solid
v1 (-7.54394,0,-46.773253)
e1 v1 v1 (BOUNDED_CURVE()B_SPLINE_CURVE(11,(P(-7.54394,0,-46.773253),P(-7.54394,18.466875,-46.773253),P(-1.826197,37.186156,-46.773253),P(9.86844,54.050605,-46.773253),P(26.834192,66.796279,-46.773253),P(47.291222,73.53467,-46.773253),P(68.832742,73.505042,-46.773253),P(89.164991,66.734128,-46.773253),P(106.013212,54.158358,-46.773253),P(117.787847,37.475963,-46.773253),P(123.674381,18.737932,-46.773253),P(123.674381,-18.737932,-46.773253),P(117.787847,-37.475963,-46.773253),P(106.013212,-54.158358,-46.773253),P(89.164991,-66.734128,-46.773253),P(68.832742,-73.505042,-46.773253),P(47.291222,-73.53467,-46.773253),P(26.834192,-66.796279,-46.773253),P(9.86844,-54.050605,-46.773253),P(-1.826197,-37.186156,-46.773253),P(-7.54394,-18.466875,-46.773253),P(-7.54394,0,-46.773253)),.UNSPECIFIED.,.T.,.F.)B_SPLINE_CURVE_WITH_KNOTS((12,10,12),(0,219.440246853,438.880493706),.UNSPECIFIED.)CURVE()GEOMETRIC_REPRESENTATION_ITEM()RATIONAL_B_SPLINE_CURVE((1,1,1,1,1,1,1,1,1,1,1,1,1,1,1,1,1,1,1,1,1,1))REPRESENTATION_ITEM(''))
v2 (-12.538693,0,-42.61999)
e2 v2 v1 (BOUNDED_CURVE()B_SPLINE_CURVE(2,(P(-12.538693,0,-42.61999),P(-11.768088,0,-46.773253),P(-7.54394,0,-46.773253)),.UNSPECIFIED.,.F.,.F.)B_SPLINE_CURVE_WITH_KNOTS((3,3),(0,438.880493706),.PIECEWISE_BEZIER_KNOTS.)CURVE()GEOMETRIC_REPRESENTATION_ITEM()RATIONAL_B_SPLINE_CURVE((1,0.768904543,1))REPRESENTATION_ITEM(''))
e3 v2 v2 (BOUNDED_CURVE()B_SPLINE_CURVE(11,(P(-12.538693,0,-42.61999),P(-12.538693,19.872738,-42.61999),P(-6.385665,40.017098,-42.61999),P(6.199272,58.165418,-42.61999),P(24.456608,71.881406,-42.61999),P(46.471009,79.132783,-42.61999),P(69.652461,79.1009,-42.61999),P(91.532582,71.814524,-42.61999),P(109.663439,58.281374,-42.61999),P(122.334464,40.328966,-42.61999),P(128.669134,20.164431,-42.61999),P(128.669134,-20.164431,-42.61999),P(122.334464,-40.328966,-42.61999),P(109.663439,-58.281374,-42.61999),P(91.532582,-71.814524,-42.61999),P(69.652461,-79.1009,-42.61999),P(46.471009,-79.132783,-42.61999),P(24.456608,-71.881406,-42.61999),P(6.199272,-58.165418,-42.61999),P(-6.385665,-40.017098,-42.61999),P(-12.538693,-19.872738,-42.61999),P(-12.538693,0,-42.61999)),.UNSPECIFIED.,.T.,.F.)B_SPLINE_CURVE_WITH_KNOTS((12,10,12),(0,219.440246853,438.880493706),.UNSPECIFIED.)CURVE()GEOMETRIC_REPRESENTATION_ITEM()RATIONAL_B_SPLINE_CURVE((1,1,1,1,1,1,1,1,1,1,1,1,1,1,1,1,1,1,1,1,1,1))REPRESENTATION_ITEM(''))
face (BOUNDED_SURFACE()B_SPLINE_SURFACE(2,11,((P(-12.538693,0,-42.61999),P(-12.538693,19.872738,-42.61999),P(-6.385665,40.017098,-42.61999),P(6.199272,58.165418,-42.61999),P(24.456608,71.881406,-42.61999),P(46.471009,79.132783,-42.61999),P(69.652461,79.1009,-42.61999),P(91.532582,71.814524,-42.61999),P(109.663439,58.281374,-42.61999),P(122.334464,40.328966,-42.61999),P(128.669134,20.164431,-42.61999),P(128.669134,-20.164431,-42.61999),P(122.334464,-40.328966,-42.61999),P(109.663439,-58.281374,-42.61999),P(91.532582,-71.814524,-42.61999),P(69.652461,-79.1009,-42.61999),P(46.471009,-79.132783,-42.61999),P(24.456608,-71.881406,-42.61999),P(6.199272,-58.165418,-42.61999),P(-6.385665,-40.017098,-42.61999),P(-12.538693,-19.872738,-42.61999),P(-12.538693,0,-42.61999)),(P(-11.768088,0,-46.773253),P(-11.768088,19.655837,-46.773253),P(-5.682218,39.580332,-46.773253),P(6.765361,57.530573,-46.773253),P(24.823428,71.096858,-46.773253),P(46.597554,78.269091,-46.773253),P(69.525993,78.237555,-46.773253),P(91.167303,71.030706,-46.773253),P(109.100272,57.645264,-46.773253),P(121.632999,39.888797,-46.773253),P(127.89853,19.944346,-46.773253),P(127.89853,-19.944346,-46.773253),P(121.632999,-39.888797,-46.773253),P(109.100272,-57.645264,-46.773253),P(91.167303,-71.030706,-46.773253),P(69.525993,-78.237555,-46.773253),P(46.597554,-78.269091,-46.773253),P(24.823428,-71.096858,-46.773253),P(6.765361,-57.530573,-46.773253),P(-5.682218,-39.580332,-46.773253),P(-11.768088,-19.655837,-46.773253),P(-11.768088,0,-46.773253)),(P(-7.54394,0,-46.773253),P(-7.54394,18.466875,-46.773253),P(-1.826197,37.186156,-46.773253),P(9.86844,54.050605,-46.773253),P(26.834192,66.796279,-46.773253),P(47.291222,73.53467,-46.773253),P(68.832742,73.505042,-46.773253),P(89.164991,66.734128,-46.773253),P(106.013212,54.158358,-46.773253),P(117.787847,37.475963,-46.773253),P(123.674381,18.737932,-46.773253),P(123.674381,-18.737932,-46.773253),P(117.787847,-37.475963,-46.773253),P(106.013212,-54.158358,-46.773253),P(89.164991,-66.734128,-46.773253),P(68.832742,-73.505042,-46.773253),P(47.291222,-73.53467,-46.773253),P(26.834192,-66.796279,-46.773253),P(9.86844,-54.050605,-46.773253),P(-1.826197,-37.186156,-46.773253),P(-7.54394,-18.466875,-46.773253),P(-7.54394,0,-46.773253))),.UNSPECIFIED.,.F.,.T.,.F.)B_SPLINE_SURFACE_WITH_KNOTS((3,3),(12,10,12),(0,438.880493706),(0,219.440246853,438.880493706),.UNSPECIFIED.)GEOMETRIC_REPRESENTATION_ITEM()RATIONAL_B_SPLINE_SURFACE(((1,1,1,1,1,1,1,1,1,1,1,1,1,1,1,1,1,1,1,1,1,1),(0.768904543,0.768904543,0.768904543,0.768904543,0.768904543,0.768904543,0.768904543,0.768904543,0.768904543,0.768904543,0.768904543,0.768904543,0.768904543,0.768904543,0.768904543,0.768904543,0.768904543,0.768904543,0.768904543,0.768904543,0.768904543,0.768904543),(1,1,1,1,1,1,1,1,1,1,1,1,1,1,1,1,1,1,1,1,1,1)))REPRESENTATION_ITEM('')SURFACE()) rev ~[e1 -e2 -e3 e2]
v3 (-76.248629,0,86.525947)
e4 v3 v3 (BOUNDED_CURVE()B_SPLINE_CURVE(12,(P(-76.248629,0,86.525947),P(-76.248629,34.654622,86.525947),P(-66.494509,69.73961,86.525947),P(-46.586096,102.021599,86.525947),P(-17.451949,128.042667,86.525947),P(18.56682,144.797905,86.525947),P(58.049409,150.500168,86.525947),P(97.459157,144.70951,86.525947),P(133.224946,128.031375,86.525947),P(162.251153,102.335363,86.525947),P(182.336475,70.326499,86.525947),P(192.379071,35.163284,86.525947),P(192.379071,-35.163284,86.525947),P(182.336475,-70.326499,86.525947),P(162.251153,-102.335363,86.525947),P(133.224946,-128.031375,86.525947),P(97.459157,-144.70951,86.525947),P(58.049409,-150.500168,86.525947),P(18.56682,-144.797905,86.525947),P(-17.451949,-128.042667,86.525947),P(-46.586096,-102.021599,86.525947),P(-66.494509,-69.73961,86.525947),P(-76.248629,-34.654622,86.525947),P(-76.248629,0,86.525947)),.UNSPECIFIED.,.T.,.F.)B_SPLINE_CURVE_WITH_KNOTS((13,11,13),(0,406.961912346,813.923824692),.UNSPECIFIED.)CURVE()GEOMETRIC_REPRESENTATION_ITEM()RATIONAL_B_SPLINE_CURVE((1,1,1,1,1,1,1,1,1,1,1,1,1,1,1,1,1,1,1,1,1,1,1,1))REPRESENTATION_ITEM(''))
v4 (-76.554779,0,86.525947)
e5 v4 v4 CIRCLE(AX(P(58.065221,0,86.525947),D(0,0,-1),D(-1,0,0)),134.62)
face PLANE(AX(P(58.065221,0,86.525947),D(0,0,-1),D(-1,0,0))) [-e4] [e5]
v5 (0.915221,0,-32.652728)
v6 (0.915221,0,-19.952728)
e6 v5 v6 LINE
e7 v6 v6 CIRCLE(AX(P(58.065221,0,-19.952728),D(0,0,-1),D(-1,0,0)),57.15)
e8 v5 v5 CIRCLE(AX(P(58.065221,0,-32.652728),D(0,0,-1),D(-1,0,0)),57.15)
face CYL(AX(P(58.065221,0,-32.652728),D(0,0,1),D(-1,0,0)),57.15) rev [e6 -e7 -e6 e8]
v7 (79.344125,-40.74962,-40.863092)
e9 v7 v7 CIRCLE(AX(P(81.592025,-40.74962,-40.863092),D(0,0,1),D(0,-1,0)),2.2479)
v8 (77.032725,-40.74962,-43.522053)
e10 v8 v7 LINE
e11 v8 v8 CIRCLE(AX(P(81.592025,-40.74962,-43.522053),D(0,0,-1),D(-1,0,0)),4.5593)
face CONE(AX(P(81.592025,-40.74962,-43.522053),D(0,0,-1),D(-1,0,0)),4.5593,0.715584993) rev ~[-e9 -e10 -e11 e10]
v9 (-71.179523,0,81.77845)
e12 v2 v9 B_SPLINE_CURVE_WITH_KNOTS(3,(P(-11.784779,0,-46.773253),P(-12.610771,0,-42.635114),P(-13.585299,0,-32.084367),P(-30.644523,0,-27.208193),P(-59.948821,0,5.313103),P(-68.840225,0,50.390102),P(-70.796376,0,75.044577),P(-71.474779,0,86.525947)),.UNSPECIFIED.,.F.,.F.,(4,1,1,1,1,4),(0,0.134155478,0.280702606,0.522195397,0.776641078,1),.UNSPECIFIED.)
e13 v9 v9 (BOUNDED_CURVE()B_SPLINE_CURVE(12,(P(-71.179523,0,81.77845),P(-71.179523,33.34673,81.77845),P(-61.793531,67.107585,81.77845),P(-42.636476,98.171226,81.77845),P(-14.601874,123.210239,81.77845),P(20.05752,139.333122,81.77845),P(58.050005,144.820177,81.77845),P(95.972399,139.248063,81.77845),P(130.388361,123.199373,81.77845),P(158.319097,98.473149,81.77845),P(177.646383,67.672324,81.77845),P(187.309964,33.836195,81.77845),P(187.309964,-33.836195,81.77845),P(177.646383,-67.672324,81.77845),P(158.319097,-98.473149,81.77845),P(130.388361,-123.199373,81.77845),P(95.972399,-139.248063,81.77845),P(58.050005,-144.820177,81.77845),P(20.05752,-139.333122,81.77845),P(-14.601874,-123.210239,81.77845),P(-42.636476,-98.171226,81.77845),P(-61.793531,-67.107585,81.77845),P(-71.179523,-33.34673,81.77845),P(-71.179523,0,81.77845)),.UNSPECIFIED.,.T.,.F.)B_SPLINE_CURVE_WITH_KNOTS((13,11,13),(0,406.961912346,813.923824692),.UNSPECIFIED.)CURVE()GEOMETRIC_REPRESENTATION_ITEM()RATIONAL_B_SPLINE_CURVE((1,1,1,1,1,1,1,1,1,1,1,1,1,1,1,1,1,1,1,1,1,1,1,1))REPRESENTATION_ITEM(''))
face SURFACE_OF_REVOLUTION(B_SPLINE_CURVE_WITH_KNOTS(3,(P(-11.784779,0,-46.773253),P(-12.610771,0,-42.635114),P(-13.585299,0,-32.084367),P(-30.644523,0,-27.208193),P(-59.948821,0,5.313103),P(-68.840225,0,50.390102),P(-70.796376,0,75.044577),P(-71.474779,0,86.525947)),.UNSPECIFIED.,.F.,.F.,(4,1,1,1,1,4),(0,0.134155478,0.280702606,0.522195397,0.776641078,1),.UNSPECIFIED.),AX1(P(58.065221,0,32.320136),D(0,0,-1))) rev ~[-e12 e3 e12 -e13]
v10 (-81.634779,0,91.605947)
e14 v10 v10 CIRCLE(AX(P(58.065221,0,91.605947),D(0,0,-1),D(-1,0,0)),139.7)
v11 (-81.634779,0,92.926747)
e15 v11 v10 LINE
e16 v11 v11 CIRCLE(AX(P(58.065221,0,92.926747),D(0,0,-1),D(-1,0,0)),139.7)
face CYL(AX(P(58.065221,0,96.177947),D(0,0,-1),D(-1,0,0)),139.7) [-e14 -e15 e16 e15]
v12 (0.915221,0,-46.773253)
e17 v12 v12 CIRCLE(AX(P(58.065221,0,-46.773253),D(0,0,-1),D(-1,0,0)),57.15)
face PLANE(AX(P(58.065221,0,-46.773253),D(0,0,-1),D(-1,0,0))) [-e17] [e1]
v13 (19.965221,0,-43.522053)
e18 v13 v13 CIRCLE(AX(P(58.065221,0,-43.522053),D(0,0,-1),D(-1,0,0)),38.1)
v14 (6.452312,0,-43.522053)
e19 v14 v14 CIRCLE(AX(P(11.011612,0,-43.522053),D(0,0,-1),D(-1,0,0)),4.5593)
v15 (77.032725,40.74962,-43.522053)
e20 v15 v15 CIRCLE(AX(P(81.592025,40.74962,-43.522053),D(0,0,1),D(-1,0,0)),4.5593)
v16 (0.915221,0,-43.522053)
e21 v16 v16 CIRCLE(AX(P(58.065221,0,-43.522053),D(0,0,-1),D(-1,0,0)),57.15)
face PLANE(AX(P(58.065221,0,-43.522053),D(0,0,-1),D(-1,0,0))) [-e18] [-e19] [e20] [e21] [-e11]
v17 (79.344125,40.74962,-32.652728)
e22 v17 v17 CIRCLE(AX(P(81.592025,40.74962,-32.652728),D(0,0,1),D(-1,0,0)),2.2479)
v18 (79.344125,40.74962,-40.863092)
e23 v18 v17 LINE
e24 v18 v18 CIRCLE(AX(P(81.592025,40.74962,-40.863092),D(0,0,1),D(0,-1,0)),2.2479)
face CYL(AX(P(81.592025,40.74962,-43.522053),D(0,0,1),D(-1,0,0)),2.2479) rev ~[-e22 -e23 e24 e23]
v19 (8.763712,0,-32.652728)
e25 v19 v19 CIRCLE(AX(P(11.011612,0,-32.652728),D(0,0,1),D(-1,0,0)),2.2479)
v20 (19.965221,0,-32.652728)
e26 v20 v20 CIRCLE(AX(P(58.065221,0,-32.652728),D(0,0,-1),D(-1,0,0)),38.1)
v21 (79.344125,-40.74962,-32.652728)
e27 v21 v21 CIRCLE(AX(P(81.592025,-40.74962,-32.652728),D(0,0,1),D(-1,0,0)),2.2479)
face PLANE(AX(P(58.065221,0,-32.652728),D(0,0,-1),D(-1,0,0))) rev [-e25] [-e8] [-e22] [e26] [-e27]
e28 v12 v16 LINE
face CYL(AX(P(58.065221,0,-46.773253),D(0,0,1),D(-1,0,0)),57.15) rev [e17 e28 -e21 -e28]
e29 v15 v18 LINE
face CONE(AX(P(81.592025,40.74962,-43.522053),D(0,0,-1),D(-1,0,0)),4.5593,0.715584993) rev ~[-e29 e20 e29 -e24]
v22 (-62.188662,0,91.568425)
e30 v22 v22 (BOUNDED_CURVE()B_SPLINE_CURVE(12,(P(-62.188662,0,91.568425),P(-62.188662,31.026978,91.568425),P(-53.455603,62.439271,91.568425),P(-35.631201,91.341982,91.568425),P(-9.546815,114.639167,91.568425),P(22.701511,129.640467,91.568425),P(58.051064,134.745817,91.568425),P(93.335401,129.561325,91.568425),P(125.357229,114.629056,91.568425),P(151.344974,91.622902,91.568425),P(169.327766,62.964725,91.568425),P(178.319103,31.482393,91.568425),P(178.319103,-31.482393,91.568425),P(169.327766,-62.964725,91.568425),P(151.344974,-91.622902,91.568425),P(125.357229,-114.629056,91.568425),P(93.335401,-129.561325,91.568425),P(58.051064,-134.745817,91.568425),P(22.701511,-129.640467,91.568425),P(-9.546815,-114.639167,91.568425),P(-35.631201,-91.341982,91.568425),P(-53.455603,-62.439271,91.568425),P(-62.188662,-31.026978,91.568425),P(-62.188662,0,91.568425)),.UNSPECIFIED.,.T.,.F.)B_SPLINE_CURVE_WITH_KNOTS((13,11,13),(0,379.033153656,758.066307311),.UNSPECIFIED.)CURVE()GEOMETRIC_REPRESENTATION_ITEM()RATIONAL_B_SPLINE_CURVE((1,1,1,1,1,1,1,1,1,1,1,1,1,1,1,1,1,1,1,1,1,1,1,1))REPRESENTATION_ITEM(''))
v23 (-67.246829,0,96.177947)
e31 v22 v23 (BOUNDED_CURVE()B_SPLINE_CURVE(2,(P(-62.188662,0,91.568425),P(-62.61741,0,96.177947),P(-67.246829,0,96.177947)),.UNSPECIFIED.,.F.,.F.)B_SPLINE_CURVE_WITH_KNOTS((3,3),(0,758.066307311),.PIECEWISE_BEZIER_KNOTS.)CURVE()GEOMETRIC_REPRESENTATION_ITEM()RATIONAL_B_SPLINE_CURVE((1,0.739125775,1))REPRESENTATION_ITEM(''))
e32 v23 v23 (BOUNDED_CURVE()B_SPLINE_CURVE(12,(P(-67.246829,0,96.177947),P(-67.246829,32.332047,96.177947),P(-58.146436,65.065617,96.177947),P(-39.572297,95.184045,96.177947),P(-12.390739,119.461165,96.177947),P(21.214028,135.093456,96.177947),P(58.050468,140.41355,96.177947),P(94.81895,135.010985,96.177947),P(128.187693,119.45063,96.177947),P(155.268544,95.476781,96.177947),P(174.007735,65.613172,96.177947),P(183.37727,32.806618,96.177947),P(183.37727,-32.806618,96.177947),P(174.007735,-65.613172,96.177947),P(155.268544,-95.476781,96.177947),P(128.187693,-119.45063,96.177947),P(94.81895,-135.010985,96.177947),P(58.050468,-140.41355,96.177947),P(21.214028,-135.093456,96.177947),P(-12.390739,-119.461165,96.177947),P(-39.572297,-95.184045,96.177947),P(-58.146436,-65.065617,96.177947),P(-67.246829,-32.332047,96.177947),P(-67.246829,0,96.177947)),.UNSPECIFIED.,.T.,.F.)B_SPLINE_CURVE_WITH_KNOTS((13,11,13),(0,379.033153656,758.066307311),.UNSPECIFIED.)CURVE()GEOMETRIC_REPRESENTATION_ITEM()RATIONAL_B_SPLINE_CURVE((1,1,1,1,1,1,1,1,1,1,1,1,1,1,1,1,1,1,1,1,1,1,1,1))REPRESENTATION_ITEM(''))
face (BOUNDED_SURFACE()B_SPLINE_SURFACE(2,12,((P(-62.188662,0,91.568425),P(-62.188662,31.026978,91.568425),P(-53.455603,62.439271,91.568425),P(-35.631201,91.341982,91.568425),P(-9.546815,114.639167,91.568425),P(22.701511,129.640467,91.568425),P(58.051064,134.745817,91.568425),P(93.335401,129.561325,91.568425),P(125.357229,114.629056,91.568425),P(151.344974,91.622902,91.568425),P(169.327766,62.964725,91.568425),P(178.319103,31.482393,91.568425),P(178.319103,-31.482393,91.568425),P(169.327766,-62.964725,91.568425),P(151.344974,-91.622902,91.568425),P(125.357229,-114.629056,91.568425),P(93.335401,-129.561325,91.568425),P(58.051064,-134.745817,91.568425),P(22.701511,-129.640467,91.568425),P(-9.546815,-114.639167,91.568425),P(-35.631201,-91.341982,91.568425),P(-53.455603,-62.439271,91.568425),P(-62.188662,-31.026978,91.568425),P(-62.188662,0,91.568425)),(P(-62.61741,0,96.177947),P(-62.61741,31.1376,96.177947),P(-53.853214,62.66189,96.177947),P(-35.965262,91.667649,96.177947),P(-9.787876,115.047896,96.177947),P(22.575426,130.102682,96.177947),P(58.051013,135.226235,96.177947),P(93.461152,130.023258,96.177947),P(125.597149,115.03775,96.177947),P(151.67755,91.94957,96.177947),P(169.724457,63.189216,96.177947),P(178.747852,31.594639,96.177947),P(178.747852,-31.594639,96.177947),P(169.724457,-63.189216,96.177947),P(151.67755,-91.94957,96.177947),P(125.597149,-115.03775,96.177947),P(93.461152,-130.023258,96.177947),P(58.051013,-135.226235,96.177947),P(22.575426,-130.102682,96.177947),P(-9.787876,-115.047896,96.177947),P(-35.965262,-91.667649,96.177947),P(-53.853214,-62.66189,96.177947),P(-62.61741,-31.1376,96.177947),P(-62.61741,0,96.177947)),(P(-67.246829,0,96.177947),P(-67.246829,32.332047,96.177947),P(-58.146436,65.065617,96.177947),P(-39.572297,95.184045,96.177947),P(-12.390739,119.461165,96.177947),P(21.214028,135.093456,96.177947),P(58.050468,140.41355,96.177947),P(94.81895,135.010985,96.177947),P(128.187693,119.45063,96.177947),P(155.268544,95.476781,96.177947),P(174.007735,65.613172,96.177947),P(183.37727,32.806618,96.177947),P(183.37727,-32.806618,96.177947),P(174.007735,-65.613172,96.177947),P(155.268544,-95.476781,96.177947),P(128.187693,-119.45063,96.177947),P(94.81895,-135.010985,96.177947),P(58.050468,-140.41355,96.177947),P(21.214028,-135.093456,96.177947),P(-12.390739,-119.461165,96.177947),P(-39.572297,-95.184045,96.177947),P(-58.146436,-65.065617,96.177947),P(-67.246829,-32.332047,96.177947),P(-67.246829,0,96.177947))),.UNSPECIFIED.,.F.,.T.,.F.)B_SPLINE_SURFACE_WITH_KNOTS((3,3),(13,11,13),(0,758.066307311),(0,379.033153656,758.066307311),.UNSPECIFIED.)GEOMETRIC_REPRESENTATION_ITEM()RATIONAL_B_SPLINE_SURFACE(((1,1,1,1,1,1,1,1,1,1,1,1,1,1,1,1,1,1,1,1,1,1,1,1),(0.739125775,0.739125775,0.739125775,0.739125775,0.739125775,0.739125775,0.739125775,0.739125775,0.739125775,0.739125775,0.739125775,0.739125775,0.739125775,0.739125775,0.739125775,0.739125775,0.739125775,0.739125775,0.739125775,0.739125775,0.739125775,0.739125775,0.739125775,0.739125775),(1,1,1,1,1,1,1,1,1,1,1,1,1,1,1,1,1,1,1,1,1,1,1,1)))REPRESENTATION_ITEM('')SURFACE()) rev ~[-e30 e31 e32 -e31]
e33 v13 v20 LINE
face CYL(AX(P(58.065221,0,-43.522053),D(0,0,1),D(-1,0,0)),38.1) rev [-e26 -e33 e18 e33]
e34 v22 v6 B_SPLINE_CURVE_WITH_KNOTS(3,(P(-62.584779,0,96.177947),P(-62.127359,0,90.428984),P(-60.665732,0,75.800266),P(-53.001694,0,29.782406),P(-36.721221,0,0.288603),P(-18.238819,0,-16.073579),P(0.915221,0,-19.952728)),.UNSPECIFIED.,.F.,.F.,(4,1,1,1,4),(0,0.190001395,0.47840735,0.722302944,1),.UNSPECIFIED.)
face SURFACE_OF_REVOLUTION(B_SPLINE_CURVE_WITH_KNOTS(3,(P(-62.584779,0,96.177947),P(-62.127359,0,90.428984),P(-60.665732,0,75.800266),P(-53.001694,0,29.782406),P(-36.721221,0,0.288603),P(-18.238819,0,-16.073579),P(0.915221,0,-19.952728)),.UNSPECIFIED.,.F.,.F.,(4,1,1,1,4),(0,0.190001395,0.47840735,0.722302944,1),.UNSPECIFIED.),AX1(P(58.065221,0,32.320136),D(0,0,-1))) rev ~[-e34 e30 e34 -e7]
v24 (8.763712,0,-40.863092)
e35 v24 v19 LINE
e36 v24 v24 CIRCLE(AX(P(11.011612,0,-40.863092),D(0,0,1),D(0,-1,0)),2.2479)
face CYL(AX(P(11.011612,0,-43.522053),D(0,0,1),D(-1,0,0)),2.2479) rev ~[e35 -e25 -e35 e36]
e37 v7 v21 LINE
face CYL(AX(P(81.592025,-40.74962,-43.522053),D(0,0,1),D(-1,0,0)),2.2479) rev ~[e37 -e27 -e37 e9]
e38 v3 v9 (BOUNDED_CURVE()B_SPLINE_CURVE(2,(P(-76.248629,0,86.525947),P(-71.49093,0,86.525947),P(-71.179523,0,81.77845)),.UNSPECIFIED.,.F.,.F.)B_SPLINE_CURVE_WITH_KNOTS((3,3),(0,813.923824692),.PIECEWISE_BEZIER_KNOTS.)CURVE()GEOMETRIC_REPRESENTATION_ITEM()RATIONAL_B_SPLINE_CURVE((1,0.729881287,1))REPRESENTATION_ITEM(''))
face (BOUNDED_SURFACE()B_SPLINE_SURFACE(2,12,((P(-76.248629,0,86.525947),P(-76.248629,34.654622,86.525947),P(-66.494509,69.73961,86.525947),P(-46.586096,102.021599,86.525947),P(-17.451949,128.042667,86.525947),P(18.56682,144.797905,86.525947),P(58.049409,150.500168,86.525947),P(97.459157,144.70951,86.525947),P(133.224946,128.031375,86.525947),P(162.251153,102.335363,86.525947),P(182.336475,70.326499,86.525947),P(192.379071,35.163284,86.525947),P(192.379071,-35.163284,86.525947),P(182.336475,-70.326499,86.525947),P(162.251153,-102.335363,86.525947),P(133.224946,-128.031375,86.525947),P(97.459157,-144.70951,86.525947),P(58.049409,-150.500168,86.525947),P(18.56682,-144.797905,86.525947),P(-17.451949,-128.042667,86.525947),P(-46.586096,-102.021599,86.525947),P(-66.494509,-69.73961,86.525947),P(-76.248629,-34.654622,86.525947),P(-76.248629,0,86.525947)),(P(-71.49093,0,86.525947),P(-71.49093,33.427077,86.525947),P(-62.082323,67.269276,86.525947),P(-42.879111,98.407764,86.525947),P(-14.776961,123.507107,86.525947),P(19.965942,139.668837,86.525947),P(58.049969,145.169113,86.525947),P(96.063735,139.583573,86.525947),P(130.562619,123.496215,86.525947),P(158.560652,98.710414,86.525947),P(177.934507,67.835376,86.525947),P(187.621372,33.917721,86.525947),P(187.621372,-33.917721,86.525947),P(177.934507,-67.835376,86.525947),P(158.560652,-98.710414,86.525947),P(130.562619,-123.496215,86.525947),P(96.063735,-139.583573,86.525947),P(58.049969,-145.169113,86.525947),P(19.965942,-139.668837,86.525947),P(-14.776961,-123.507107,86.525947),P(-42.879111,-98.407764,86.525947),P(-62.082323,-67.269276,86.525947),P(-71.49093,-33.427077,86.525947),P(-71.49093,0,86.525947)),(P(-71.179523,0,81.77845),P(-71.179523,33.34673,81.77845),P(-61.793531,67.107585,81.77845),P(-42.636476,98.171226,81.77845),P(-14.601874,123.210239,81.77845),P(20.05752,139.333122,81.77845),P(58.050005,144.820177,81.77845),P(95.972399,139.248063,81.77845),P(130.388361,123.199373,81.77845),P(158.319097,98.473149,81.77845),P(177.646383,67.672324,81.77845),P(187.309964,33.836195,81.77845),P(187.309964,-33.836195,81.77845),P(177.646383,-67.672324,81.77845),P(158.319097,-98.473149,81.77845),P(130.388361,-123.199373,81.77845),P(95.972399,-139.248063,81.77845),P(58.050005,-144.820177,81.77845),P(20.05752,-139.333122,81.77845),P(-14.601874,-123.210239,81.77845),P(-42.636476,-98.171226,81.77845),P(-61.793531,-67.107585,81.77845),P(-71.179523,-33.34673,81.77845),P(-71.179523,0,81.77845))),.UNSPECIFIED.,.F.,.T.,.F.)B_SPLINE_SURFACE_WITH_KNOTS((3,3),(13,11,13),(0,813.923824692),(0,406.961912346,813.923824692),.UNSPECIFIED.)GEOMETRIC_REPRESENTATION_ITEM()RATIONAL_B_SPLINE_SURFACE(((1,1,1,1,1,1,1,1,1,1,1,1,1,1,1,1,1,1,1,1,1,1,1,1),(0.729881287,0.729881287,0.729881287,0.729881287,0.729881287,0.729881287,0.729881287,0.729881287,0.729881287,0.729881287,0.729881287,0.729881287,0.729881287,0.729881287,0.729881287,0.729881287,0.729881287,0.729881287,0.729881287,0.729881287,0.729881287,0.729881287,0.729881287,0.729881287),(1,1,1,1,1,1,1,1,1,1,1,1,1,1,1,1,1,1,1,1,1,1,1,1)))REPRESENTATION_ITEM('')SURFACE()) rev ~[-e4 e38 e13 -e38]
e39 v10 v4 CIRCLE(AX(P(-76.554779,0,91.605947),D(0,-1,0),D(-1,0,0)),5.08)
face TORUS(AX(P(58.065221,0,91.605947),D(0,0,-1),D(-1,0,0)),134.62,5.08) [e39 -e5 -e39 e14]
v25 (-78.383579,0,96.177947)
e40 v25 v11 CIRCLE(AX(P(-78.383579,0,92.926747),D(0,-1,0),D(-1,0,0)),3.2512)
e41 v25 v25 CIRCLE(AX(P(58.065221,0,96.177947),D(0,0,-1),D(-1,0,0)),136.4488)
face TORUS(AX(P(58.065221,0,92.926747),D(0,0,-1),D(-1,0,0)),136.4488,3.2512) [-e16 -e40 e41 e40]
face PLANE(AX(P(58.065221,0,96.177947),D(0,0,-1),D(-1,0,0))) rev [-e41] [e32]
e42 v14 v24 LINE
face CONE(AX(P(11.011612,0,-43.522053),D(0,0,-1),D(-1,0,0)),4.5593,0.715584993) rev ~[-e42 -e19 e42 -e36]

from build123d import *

# Parameters (mm, degrees)
F2_R           = 5.08
F3_R           = 3.2512
F5_D           = 4.4958
F5_CSINK_D     = 9.1186
F5_CSINK_ANGLE = 82


with BuildPart() as f1:
    # F0 (on Front) → F1 (revolve)
    with BuildSketch(Plane.XZ):
        with BuildLine():
            Line((0.9152207136, -43.5220532644), (19.9652207136, -43.5220532644))
            Line((19.9652207136, -43.5220532644), (19.9652207136, -32.6527277488))
            Line((19.9652207136, -32.6527277488), (0.9152207136, -32.6527277488))
            Line((0.9152207136, -32.6527277488), (0.9152207136, -19.9527277488))
            add(Edge.make_bspline(
                [(-62.5847792864, 96.1779467356), (-62.1273586812, 90.4289842585), (-60.6657315721, 75.8002662692), (-53.0016938598, 29.7824055739), (-36.7212214833, 0.2886026592), (-18.2388185887, -16.0735793184), (0.9152207136, -19.9527277488)],
                knots=[0, 0, 0, 0, 0.1900013952, 0.4784073501, 0.7223029443, 1, 1, 1, 1], degree=3))
            Line((-62.5847792864, 96.1779467356), (-81.6347792864, 96.1779467356))
            Line((-81.6347792864, 96.1779467356), (-81.6347792864, 86.5259467356))
            Line((-81.6347792864, 86.5259467356), (-71.4747792864, 86.5259467356))
            add(Edge.make_bspline(
                [(-11.7847792864, -46.7732532644), (-12.6107709249, -42.6351142717), (-13.5852987582, -32.0843669606), (-30.6445233864, -27.2081932467), (-59.948821028, 5.3131029198), (-68.8402245295, 50.3901015951), (-70.7963764657, 75.0445767128), (-71.4747792864, 86.5259467356)],
                knots=[0, 0, 0, 0, 0.1341554781, 0.2807026063, 0.5221953974, 0.7766410784, 1, 1, 1, 1], degree=3))
            Line((-11.7847792864, -46.7732532644), (0.9152207136, -46.7732532644))
            Line((0.9152207136, -46.7732532644), (0.9152207136, -43.5220532644))
        make_face()
    revolve(axis=Axis((58.0652207136, 0, 32.3201363683), (0, 0, -1)))

    # F2
    f2_edges = [f1.edges().sort_by_distance(p)[0] for p in [
        (197.765221, 0, 86.525947),
        (187.605221, 0, 86.525947),
        (178.715221, 0, 96.177947),
        (127.915221, 0, -46.773253),
    ]]
    fillet(f2_edges, radius=F2_R)

    # F3
    f3_edges = [f1.edges().sort_by_distance(p)[0] for p in [
        (197.765221, 0, 96.177947),
    ]]
    fillet(f3_edges, radius=F3_R)

    # F5 (through all)
    with Locations(Plane(origin=(0, 0, -43.5220532644), x_dir=(1, 0, 0), z_dir=(0, 0, -1))):
        with Locations((11.0116121808, 0), (81.59202498, 40.7496203291), (81.59202498, -40.7496203291)):
            CounterSinkHole(F5_D / 2, F5_CSINK_D / 2, counter_sink_angle=F5_CSINK_ANGLE)


solid = f1.part
